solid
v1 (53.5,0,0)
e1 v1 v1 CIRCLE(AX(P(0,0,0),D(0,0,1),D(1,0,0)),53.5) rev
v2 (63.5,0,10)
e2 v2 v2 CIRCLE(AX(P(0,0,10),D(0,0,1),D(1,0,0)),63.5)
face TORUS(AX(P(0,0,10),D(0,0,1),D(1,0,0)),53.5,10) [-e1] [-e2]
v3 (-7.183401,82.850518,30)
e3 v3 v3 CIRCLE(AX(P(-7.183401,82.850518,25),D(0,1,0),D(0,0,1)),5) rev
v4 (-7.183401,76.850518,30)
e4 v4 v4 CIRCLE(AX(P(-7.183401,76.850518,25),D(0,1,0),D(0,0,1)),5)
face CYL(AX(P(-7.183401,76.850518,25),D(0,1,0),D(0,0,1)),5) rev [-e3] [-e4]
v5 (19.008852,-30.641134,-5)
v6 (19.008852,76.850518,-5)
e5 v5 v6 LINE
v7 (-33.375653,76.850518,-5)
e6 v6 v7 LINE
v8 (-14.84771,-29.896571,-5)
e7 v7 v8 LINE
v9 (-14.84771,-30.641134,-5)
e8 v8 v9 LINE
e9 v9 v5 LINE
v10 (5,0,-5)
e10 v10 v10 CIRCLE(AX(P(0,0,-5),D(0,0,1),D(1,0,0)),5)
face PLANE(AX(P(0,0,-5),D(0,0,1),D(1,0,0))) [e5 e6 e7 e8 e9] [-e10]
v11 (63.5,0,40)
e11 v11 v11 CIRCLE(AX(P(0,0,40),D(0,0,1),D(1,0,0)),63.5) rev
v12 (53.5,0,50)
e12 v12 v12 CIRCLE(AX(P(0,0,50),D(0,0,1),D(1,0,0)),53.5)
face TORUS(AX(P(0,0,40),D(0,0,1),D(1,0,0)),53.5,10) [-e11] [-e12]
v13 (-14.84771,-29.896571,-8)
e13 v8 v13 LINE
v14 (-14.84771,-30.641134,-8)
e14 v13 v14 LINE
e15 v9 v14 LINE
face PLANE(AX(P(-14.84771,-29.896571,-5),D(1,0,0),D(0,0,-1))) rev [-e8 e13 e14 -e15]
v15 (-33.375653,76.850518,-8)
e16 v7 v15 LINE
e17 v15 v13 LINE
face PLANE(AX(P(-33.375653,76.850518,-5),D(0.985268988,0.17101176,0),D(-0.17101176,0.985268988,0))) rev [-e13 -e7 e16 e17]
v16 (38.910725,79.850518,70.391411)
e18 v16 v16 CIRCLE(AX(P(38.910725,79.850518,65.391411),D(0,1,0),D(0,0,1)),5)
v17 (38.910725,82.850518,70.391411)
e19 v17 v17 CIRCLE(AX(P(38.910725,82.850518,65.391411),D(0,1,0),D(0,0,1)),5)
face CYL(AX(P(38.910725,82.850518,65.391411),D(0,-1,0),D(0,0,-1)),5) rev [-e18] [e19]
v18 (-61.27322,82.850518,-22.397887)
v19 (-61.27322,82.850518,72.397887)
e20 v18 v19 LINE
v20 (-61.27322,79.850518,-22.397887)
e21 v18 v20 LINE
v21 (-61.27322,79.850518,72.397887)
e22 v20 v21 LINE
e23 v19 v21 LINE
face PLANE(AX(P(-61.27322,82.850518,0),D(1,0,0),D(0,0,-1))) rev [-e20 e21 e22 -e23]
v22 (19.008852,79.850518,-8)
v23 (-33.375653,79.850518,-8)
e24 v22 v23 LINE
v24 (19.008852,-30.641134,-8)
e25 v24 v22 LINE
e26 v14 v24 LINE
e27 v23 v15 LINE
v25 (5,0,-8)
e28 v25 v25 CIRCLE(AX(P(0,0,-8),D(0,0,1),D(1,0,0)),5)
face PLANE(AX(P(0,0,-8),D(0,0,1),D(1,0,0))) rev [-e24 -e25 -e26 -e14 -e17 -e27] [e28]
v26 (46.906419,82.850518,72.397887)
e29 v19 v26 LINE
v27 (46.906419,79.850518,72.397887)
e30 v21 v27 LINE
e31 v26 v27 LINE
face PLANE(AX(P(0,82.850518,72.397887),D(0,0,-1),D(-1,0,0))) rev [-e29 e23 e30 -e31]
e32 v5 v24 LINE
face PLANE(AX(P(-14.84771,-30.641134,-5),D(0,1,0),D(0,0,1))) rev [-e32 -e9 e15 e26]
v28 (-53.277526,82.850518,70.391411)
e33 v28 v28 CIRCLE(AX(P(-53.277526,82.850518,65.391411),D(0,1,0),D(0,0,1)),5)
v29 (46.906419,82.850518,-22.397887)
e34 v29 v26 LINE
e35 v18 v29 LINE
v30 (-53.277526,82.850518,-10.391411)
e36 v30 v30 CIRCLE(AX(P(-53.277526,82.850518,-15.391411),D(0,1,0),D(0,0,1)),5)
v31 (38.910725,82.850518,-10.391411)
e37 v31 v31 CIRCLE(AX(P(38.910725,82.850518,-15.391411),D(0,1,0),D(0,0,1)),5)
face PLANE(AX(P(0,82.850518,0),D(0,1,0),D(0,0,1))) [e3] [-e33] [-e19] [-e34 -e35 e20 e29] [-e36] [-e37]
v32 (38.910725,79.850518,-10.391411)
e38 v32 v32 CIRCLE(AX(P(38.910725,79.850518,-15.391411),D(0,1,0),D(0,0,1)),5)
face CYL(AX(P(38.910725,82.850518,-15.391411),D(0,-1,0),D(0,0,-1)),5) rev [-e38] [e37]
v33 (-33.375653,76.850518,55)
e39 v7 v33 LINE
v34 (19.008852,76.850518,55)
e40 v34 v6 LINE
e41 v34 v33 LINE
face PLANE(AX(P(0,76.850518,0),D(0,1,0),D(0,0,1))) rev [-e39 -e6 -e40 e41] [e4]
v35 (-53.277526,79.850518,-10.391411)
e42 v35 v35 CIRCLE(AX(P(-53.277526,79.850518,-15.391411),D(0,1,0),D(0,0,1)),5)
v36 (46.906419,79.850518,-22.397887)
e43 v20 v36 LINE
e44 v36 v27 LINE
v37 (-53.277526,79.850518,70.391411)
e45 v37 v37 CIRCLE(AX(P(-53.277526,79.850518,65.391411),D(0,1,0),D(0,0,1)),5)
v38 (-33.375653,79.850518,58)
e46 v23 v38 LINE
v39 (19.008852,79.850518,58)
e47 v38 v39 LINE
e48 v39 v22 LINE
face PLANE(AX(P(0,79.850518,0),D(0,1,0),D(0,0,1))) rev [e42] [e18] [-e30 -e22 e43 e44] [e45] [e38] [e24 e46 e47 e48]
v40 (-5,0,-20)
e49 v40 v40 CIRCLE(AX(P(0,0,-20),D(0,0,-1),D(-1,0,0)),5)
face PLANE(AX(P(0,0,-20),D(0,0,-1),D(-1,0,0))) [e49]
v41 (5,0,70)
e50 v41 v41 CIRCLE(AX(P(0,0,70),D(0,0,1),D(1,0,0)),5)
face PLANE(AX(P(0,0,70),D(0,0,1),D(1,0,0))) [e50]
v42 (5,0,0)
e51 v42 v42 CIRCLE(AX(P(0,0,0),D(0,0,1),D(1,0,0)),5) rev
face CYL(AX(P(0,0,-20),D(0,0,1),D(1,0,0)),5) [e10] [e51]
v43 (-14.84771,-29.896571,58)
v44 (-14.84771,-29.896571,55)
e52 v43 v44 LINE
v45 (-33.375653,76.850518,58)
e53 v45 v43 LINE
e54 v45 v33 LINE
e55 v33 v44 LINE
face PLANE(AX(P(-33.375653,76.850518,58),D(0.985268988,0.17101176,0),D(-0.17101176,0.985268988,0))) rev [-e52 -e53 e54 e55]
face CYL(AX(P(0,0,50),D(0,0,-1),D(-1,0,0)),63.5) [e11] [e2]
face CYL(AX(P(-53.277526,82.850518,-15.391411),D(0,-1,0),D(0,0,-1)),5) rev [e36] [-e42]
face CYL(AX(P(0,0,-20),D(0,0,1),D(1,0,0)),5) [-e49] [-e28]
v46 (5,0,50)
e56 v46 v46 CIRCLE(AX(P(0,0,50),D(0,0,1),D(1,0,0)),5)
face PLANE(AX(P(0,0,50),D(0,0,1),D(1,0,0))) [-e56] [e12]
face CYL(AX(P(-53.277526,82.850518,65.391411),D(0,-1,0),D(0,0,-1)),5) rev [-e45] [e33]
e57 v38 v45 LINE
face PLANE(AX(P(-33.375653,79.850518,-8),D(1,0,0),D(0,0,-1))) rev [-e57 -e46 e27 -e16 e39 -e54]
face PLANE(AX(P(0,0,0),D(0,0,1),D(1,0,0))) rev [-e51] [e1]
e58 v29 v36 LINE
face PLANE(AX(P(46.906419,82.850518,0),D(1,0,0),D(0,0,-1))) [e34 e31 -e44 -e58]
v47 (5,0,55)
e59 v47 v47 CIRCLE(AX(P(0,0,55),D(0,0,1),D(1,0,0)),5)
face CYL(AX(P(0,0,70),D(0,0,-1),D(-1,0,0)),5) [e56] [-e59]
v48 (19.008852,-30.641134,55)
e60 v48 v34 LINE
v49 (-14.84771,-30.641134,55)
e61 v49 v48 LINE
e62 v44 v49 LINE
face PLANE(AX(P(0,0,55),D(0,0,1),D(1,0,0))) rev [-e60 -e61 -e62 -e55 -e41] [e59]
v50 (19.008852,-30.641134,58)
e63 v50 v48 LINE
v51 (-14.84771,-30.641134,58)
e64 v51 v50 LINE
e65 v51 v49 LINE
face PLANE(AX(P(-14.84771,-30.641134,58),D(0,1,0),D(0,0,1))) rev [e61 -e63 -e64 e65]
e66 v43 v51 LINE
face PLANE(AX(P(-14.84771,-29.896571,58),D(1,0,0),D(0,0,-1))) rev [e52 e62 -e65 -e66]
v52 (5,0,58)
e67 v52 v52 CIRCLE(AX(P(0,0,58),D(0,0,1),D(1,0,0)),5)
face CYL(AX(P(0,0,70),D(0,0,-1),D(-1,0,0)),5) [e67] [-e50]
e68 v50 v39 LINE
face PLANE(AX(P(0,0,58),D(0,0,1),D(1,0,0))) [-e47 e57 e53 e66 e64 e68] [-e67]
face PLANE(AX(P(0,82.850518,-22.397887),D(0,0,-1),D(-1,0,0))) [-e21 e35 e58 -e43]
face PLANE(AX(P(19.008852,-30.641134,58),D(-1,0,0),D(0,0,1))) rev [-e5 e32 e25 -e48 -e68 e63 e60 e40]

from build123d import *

# Parameters (mm, degrees)
SKETCH_1_R             = 63.5
EXTRUDE_1_DEPTH        = 50
FILLET_1_R             = 10
SKETCH_2_R             = 5
EXTRUDE_2_DEPTH        = 20
EXTRUDE_START          = 20
SKETCH_3_R             = 5
EXTRUDE_3_DEPTH        = 20
EXTRUDE_START_2        = 3
SKETCH_4_R             = 5
EXTRUDE_4_DEPTH        = 3
PATTERN_LINEAR_1_COUNT = 2
PATTERN_LINEAR_1_PITCH = 63
SKETCH_5_W             = 52.384505053
SKETCH_5_H             = 66
EXTRUDE_5_DEPTH        = 3
SKETCH_6_R             = 5
CUT_EXTRUDE_1_DEPTH    = 3
SKETCH_7_W             = 108.179639097
SKETCH_7_H             = 94.795773282
SKETCH_7_R             = 5
EXTRUDE_6_DEPTH        = 3


with BuildPart() as part:
    # 草图1 → 凸台-拉伸1 (new body)
    with BuildSketch(Plane.XY):
        Circle(SKETCH_1_R)
    extrude(amount=EXTRUDE_1_DEPTH)

    # 圆角1
    fillet_1_edges = [part.edges().sort_by_distance(p)[0] for p in [
        (-63.5, 0, 0),
        (-63.5, 0, 50),
    ]]
    fillet(fillet_1_edges, radius=FILLET_1_R)

    # 草图2 → 凸台-拉伸2 (add)
    with BuildSketch(Plane(origin=(0, 0, 0), x_dir=(-1, 0, 0), z_dir=(0, 0, -1))):
        with Locations(Location((0, 0, 0), (0, 0, 180))):
            Circle(SKETCH_2_R)
    extrude(amount=EXTRUDE_2_DEPTH)

    # 草图3 → 凸台-拉伸3 (add)
    with BuildSketch(Plane.XY.offset(50).offset(EXTRUDE_START)):
        Circle(SKETCH_3_R)
    extrude(amount=-EXTRUDE_3_DEPTH)

    # 草图4 → 凸台-拉伸4 (add)
    with BuildSketch(Plane.XY.offset(55).offset(EXTRUDE_START_2)):
        Polygon((-14.847710206, -30.641134437), (19.008851919, -30.641134437), (19.008851919, 76.850518215), (-33.375653134, 76.850518215), (-14.847710206, -29.89657058), align=None)
        Circle(SKETCH_4_R, mode=Mode.SUBTRACT)
    extrude_4 = extrude(amount=-EXTRUDE_4_DEPTH)

    # 阵列(线性)1: 凸台-拉伸4 ×2
    with Locations(*[(0, 0, -i * PATTERN_LINEAR_1_PITCH) for i in range(1, PATTERN_LINEAR_1_COUNT)]):
        add(extrude_4)

    # 草图5 → 凸台-拉伸5 (add)
    with BuildSketch(Plane(origin=(0, 76.850518215, 0), x_dir=(1, 0, 0), z_dir=(0, 1, 0))):
        with Locations((-7.183400608, -25)):
            Rectangle(SKETCH_5_W, SKETCH_5_H)
    extrude(amount=EXTRUDE_5_DEPTH)

    # 草图6 → 切除-拉伸1 (cut)
    with BuildSketch(Plane(origin=(0, 79.850518215, 0), x_dir=(1, 0, 0), z_dir=(0, 1, 0))):
        with Locations(Location((-7.183400607, -25, 0), (0, 0, 270))):
            Circle(SKETCH_6_R)
    extrude(amount=-CUT_EXTRUDE_1_DEPTH, mode=Mode.SUBTRACT)

    # 草图7 → 凸台-拉伸6 (add)
    with BuildSketch(Plane(origin=(0, 79.850518215, 0), x_dir=(1, 0, 0), z_dir=(0, 1, 0)).offset(EXTRUDE_START_2)):
        with Locations((-7.183400607, -25)):
            Rectangle(SKETCH_7_W, SKETCH_7_H)
        with Locations(Location((-53.277526454, 15.391411359, 0), (0, 0, 270))):
            Circle(SKETCH_7_R, mode=Mode.SUBTRACT)
        with Locations(Location((-53.277526454, -65.391411359, 0), (0, 0, 270))):
            Circle(SKETCH_7_R, mode=Mode.SUBTRACT)
        with Locations(Location((38.910725239, -65.391411359, 0), (0, 0, 270))):
            Circle(SKETCH_7_R, mode=Mode.SUBTRACT)
        with Locations(Location((38.910725239, 15.391411359, 0), (0, 0, 270))):
            Circle(SKETCH_7_R, mode=Mode.SUBTRACT)
        with Locations(Location((-7.183400607, -25, 0), (0, 0, 270))):
            Circle(SKETCH_7_R, mode=Mode.SUBTRACT)
    extrude(amount=-EXTRUDE_6_DEPTH)


solid = part.part
